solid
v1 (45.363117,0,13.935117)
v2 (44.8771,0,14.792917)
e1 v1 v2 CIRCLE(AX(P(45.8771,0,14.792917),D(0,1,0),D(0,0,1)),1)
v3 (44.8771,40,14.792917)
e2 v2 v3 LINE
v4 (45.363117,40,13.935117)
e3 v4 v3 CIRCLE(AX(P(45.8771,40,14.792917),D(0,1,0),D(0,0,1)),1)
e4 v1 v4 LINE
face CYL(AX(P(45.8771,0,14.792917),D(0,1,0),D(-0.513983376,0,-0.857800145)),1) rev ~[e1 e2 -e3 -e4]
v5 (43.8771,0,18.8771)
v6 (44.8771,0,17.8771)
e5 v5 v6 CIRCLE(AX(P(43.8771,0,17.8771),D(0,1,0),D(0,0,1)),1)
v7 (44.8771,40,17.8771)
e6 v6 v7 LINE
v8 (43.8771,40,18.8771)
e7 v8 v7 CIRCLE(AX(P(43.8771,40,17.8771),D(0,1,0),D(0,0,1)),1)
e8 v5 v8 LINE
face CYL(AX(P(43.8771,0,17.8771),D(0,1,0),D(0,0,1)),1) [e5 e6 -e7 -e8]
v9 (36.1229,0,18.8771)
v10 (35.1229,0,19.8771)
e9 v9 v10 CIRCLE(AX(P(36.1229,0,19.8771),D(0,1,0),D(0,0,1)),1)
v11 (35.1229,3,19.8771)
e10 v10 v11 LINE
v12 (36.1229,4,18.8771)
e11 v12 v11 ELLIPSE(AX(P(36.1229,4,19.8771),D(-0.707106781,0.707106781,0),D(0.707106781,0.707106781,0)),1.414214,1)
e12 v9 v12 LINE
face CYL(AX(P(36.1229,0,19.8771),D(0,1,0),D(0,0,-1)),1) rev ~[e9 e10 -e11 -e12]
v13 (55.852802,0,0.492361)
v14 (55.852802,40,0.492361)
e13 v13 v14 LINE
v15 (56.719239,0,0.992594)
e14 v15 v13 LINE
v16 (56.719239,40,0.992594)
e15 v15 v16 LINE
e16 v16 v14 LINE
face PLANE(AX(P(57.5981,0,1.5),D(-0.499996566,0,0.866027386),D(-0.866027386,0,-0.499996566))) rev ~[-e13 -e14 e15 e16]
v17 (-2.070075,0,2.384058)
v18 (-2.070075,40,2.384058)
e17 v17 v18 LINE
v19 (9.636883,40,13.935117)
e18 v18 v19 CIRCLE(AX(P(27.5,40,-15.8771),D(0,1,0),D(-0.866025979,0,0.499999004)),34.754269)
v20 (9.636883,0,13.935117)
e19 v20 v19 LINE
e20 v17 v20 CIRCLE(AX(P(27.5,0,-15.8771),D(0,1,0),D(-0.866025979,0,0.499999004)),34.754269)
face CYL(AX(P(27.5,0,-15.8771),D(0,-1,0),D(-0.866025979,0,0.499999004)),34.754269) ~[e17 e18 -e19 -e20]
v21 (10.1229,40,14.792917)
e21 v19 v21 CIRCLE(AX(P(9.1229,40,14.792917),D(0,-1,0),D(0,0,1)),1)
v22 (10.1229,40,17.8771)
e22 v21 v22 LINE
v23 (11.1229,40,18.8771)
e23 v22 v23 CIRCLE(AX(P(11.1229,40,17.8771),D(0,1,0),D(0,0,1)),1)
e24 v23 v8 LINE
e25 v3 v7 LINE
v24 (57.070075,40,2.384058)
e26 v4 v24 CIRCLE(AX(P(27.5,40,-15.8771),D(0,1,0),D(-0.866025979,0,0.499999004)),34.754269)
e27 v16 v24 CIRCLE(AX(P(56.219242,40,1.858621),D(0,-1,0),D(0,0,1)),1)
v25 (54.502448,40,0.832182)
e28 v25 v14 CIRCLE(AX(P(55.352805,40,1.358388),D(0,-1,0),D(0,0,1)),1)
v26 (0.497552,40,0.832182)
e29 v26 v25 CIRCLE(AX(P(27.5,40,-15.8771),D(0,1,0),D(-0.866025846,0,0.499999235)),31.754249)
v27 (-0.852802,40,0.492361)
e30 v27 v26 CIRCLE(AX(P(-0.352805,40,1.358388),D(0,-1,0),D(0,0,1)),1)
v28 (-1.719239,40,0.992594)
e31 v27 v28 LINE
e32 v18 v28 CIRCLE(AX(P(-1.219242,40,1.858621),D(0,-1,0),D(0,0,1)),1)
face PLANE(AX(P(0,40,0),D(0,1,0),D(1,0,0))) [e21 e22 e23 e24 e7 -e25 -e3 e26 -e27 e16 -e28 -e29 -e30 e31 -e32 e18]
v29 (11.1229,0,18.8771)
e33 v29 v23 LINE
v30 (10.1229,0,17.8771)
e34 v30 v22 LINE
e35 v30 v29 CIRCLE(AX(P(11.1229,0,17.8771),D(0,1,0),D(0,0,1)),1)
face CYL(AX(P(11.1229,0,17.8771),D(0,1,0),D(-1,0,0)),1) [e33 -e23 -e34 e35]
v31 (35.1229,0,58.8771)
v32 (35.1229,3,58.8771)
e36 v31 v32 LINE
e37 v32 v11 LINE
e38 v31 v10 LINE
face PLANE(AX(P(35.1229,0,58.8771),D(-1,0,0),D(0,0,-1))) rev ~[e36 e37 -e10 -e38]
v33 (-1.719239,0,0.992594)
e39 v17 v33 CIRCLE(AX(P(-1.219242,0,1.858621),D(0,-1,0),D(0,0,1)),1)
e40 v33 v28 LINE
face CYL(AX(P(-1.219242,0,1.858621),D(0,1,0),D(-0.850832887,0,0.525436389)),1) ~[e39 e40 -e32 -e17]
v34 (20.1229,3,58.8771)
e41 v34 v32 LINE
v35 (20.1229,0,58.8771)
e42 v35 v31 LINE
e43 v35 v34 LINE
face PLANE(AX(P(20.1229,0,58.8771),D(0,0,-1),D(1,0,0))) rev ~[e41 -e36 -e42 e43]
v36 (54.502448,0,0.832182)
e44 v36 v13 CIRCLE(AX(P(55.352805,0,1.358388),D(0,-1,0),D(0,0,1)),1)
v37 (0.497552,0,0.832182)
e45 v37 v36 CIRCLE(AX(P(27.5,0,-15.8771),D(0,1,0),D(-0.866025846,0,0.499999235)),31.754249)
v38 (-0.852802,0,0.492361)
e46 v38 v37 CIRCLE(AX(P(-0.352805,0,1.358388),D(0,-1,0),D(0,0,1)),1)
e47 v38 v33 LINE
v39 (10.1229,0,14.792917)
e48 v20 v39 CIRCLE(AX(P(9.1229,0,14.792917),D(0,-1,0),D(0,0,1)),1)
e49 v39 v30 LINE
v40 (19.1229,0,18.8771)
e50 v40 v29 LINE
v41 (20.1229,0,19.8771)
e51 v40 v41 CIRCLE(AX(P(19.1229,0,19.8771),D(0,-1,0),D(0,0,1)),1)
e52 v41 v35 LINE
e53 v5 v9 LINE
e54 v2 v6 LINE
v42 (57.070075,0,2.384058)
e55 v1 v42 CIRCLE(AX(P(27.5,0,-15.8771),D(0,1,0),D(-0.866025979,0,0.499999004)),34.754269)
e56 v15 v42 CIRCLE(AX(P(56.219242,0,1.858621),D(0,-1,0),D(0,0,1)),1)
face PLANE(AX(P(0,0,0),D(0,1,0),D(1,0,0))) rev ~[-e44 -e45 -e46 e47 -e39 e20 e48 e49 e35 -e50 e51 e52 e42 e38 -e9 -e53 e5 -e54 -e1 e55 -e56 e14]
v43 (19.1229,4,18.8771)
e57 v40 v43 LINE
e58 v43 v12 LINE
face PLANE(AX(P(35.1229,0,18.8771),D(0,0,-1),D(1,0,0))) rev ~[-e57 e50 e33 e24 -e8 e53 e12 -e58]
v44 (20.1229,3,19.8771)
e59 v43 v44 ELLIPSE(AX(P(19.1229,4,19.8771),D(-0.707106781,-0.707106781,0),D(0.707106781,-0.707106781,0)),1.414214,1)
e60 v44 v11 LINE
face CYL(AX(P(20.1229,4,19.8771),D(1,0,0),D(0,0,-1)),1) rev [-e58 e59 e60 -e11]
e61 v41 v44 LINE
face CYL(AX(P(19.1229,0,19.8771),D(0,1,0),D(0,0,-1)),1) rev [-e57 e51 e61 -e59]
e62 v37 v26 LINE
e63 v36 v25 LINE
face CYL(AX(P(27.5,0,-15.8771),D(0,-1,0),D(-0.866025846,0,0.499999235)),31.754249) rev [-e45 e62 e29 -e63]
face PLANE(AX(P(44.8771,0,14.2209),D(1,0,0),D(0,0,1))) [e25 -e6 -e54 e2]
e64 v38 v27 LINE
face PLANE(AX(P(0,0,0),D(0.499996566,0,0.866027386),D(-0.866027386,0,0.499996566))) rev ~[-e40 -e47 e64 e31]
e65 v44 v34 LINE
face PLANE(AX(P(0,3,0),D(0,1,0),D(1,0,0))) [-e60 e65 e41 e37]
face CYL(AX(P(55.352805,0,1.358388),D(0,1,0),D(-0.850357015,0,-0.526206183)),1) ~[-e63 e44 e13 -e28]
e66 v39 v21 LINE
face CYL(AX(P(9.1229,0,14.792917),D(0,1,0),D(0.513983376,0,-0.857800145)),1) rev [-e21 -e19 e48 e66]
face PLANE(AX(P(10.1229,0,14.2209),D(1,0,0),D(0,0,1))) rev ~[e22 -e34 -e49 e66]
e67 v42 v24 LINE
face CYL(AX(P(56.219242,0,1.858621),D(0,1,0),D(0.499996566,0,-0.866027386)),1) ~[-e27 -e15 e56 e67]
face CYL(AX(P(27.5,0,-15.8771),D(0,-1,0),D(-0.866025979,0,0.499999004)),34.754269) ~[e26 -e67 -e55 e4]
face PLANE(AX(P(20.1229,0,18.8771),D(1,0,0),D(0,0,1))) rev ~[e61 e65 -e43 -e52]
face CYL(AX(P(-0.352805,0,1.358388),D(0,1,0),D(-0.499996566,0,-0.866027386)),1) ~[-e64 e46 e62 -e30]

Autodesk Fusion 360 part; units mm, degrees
sketch "Sketch2" plane through (0, 0, 0) normal (0, 1, 0) x (1, 0, 0)
  arc A0 (0, 0) -> (55, 0) centre (27.5, 15.8771) ccw
  line L0 (0, 0) -> (27.5, 15.8771) construction
  line L1 (27.5, 15.8771) -> (55, 0) construction
  arc A1 (-2.5981, -1.5) -> (57.5981, -1.5) centre (27.5, 15.8771) ccw
  line L2 (0, 0) -> (-2.5981, -1.5)
  line L3 (57.5981, -1.5) -> (55, 0)
  line L4 (27.5, 15.8771) -> (27.5, -52.8095) construction
  line L5 (27.5, 15.8771) -> (10.1229, -14.2209) construction
  line L6 (27.5, 15.8771) -> (44.8771, -14.2209) construction
  line L7 (10.1229, -18.8771) -> (44.8771, -18.8771)
  line L8 (44.8771, -14.2209) -> (44.8771, -18.8771)
  line L9 (10.1229, -14.2209) -> (10.1229, -18.8771)
  line L10 (20.1229, -18.8771) -> (20.1229, -58.8771)
  line L11 (20.1229, -58.8771) -> (35.1229, -58.8771)
  line L12 (35.1229, -58.8771) -> (35.1229, -18.8771)
  dimension "d2" = 55
  dimension "d3" = 120
  dimension "d4" = 3
  dimension "d7" = 30
  dimension "d24" = 30
  dimension "d25" = 40
  dimension "d26" = 10
  dimension "d27" = 15
extrude "Extrude4" add sketch "Sketch2" along normal blind 40 contours A0 A1 L2 L3 | A1 L7 L9 | A1 L7 L8
extrude "Extrude5" add sketch "Sketch2" along normal blind 3 contours L7 L10 L11 L12
fillet "Fillet1" radius 1 7 edges at (10.1229, 20, 14.2209) (10.1229, 20, 18.8771) (44.8771, 20, 18.8771) (44.8771, 20, 14.2209) (27.6229, 3, 18.8771) (35.1229, 1.5, 18.8771) (20.1229, 1.5, 18.8771)
fillet "Fillet2" radius 1 4 edges at (57.5981, 20, 1.5) (55, 20, 0) (-2.5981, 20, 1.5) (0, 20, 0)
